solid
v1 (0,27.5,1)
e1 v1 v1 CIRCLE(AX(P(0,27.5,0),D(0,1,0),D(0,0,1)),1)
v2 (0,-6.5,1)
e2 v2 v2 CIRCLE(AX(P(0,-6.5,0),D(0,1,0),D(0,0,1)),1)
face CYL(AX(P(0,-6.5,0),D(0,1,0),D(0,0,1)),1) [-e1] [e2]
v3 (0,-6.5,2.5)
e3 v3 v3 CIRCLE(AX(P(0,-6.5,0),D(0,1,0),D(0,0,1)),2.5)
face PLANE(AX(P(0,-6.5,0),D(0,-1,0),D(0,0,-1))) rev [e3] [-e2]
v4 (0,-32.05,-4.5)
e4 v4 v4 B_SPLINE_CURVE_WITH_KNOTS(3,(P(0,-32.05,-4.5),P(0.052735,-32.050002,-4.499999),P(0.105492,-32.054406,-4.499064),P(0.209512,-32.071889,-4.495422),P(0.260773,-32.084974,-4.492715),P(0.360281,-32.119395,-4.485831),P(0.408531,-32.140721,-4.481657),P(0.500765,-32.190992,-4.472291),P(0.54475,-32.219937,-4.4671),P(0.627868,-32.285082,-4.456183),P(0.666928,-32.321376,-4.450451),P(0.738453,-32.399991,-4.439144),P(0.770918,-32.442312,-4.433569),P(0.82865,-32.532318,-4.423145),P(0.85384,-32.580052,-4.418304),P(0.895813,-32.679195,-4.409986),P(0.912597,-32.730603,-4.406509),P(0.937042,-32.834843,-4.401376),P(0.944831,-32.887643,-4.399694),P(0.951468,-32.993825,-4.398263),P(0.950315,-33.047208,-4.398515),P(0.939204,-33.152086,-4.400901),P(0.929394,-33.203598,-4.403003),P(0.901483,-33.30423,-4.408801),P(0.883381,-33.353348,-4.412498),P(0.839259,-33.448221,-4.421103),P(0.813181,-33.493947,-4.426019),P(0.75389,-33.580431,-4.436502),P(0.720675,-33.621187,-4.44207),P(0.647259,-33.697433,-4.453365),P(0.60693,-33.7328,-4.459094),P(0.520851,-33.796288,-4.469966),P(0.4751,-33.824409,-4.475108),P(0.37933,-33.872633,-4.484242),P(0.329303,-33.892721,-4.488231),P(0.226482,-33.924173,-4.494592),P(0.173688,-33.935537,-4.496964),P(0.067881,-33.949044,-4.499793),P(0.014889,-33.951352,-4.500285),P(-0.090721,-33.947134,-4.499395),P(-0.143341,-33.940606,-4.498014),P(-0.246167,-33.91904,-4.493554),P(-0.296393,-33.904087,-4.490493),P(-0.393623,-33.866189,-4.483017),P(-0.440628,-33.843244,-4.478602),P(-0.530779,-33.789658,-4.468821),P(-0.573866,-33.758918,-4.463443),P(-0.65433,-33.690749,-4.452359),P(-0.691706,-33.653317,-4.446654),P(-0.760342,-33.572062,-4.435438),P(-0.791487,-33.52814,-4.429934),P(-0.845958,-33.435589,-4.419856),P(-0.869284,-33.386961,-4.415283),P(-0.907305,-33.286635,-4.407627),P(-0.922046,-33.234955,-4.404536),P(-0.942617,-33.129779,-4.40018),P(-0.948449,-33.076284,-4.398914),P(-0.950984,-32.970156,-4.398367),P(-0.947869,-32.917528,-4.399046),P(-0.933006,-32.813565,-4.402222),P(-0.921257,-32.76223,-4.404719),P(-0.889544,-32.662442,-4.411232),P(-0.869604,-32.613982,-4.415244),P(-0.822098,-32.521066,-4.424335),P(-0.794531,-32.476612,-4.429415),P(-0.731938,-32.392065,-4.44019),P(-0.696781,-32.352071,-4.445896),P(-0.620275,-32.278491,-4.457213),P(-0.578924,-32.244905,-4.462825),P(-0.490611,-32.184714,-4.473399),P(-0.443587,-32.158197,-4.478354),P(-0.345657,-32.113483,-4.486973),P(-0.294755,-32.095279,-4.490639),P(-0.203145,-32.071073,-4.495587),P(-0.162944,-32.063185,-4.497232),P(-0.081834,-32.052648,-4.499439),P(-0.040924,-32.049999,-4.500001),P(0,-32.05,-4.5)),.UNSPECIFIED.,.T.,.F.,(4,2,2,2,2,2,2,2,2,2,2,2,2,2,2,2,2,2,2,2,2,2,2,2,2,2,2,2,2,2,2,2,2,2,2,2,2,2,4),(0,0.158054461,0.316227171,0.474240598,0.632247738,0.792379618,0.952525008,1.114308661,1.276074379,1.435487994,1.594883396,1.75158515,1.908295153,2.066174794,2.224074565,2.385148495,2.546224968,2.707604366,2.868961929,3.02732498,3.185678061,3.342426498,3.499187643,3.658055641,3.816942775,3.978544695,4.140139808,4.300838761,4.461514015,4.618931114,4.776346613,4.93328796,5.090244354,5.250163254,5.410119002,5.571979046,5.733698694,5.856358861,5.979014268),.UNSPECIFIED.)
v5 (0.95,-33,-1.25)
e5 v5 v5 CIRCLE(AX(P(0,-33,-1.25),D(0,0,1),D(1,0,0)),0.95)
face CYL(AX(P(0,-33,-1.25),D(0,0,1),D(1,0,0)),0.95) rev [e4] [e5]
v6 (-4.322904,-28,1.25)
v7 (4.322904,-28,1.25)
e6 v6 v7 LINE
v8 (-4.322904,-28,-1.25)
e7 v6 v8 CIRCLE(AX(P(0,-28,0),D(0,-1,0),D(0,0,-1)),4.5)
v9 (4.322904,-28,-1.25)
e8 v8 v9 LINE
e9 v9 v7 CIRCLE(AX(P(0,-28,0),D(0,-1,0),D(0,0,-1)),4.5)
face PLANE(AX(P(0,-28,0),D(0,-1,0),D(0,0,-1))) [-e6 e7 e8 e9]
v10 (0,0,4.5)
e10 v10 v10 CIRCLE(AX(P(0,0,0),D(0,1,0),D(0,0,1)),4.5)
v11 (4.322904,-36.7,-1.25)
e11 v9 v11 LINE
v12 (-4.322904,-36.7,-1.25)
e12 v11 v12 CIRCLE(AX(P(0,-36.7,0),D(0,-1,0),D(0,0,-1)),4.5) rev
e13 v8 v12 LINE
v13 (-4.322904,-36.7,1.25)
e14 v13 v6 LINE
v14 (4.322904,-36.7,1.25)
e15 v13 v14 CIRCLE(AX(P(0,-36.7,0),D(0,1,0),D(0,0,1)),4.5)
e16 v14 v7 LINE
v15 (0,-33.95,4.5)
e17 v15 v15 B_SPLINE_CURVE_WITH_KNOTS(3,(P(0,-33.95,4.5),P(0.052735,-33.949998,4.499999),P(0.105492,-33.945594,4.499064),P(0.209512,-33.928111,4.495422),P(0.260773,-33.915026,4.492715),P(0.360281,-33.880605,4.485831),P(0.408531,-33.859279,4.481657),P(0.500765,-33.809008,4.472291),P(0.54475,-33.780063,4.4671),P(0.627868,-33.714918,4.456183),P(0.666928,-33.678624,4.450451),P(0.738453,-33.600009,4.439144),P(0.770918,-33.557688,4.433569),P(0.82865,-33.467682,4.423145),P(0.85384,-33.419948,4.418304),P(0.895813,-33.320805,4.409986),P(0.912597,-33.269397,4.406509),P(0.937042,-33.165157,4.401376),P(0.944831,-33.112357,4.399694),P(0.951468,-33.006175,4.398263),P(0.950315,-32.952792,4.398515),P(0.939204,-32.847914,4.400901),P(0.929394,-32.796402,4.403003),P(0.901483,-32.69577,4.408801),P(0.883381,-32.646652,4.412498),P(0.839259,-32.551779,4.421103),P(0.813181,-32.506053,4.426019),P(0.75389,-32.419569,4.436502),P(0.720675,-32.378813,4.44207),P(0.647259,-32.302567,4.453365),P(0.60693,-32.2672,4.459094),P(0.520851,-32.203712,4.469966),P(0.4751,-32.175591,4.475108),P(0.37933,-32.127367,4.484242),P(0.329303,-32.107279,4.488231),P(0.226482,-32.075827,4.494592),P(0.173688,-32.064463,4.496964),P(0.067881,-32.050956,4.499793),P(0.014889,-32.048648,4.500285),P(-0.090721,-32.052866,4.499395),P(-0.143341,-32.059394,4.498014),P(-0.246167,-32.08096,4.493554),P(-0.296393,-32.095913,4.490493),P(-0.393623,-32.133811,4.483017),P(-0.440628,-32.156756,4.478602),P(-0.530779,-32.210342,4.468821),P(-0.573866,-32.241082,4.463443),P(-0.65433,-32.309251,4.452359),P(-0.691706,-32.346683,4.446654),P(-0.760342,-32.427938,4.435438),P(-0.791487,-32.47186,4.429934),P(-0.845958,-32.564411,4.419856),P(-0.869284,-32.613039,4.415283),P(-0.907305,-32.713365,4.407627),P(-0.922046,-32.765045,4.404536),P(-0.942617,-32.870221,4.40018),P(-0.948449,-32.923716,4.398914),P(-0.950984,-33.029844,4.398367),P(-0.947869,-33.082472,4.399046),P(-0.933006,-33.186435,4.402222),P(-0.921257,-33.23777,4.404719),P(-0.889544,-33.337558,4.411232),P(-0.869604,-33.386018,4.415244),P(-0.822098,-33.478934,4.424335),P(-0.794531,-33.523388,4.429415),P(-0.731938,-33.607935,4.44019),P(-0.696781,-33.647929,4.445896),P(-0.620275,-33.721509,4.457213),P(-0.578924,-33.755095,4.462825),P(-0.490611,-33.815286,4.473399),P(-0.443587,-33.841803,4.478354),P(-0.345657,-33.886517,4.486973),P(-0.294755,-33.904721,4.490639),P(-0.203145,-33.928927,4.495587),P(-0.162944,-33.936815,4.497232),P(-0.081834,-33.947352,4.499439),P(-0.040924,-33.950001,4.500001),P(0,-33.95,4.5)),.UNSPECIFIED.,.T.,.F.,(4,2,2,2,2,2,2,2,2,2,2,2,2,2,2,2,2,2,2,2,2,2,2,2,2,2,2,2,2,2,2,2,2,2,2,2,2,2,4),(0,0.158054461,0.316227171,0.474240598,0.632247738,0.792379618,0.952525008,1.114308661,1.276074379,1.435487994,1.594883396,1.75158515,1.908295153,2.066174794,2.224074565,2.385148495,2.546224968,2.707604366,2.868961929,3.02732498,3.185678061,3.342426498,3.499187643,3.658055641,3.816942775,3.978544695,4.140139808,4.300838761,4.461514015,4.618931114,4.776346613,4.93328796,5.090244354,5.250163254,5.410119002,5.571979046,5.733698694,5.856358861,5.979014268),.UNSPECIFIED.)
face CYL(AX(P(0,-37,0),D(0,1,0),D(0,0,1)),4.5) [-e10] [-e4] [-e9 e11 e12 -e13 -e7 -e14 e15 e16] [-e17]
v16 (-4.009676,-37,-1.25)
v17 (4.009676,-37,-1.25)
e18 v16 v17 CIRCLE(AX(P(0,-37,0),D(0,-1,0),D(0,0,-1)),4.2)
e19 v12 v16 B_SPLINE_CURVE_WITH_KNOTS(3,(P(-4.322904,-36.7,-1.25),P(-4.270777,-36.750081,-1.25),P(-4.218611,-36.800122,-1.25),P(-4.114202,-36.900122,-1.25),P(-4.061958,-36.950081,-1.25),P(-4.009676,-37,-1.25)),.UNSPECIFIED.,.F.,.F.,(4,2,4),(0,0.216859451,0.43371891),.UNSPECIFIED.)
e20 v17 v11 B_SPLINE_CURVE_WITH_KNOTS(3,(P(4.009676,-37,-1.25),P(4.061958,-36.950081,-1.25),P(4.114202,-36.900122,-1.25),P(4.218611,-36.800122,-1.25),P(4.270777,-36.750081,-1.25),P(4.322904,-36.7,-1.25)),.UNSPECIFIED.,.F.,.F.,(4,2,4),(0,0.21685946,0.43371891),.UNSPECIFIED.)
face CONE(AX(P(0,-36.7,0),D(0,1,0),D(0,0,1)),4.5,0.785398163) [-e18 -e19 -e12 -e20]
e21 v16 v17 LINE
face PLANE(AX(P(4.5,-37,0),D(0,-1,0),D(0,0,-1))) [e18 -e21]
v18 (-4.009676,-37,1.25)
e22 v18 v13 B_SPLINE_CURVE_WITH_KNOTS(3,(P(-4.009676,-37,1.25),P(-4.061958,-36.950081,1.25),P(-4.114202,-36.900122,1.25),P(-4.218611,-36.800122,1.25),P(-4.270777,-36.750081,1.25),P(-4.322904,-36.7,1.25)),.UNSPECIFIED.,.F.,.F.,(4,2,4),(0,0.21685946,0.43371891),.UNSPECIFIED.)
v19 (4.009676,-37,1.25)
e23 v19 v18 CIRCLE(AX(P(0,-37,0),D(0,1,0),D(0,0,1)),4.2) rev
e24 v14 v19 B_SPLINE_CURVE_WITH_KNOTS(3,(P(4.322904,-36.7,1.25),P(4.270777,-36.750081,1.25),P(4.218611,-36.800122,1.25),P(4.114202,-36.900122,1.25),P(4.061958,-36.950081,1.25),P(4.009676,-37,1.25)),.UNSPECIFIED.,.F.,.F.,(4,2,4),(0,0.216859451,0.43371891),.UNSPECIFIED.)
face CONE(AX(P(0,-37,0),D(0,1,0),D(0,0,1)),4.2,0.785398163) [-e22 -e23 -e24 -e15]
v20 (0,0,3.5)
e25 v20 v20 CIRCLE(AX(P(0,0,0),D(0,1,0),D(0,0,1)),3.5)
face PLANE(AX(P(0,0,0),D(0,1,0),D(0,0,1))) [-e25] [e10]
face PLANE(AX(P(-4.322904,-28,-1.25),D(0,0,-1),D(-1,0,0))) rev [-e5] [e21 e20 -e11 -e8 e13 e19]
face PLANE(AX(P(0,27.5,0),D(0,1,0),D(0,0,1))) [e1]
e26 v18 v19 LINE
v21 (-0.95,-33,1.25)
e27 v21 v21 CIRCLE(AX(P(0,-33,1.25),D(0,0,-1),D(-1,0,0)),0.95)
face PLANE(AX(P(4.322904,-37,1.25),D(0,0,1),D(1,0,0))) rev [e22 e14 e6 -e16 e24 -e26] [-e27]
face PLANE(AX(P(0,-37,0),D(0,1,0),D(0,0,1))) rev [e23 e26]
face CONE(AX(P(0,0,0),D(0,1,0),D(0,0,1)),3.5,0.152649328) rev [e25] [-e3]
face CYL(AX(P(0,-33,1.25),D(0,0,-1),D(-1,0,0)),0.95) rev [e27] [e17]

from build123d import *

# Parameters (mm, degrees)
SZKIC1_W                    = 4.5
SZKIC1_H                    = 37
WYTNIJ_WYCI_GNI_CIE1_DEPTH  = 9
DODANIE_WYCI_GNI_CIE1_START = 9
DODANIE_WYCI_GNI_CIE1_DEPTH = 9
SZKIC6_W                    = 1
SZKIC6_H                    = 34
SZKIC7_W                    = 0.95
SZKIC7_H                    = 3.25
OTW_R_1_9_1_9_2_D           = 1.9
SFAZOWANIE1_SIZE            = 0.3


with BuildPart() as part:
    # Szkic1 → Obrót1 (revolve)
    with BuildSketch(Plane(origin=(0, 0, 0), x_dir=(-1, 0, 0), z_dir=(0, 0, -1)), mode=Mode.PRIVATE) as obr_t1_sk:
        with Locations((-2.25, -18.5)):
            Rectangle(SZKIC1_W, SZKIC1_H)
    revolve(obr_t1_sk.sketch.rotate(Axis((0, -37, 0), (0, 1, 0)), 270), axis=Axis((0, -37, 0), (0, 1, 0)))

    # Szkic2 → Wytnij-wyciągnięcie1 (cut)
    with BuildSketch(Plane.XZ.offset(37)):
        with BuildLine():
            Line((-4.322904116, -1.25), (4.322904116, -1.25))
            ThreePointArc((4.322904116, -1.25), (0, 4.5), (-4.322904116, -1.25))
        make_face()
    extrude(amount=-WYTNIJ_WYCI_GNI_CIE1_DEPTH, mode=Mode.SUBTRACT)

    # Szkic3 → Dodanie-wyciągnięcie1 (add)
    with BuildSketch(Plane.XZ.offset(28).offset(DODANIE_WYCI_GNI_CIE1_START)):
        with BuildLine():
            Line((4.322904116, 1.25), (-4.322904116, 1.25))
            ThreePointArc((-4.322904116, 1.25), (0, 4.5), (4.322904116, 1.25))
        make_face()
    extrude(amount=-DODANIE_WYCI_GNI_CIE1_DEPTH)

    # Szkic4 → Otwór1 (revolve, cut)
    with BuildSketch(Plane(origin=(0, 0, 0), x_dir=(0, 0, 1), z_dir=(1, 0, 0))):
        Polygon((0, 0), (0, 6.5), (2.5, 6.5), (3.5, 0), align=None)
    revolve(axis=Axis((0, -110, 0), (0, 1, 0)), mode=Mode.SUBTRACT)

    # Szkic6 → Obrót2 (revolve)
    with BuildSketch(Plane(origin=(0, 0, 0), x_dir=(-1, 0, 0), z_dir=(0, 0, -1)), mode=Mode.PRIVATE) as obr_t2_sk:
        with Locations((-0.5, 10.5)):
            Rectangle(SZKIC6_W, SZKIC6_H)
    revolve(obr_t2_sk.sketch.rotate(Axis((0, -6.5, 0), (0, 1, 0)), 270), axis=Axis((0, -6.5, 0), (0, 1, 0)))

    # Szkic7 → Otwór Ø1.9 (1.9)1 (revolve, cut)
    with BuildSketch(Plane(origin=(0, -33, 1.25), x_dir=(0, 1, 0), z_dir=(1, 0, 0))):
        with Locations((0.475, 1.625)):
            Rectangle(SZKIC7_W, SZKIC7_H)
    revolve(axis=Axis((0, -33, -5.1), (0, 0, 1)), mode=Mode.SUBTRACT)

    # Otwór Ø1.9 (1.9)2 (through all)
    with Locations(Plane.XY.offset(-1.25)):
        with Locations((0, -33)):
            Hole(OTW_R_1_9_1_9_2_D / 2)

    # Sfazowanie1
    sfazowanie1_edges = [part.edges().sort_by_distance(p)[0] for p in [
        (0, -37, 4.5),
        (0, -37, -4.5),
    ]]
    chamfer(sfazowanie1_edges, length=SFAZOWANIE1_SIZE)


solid = part.part
